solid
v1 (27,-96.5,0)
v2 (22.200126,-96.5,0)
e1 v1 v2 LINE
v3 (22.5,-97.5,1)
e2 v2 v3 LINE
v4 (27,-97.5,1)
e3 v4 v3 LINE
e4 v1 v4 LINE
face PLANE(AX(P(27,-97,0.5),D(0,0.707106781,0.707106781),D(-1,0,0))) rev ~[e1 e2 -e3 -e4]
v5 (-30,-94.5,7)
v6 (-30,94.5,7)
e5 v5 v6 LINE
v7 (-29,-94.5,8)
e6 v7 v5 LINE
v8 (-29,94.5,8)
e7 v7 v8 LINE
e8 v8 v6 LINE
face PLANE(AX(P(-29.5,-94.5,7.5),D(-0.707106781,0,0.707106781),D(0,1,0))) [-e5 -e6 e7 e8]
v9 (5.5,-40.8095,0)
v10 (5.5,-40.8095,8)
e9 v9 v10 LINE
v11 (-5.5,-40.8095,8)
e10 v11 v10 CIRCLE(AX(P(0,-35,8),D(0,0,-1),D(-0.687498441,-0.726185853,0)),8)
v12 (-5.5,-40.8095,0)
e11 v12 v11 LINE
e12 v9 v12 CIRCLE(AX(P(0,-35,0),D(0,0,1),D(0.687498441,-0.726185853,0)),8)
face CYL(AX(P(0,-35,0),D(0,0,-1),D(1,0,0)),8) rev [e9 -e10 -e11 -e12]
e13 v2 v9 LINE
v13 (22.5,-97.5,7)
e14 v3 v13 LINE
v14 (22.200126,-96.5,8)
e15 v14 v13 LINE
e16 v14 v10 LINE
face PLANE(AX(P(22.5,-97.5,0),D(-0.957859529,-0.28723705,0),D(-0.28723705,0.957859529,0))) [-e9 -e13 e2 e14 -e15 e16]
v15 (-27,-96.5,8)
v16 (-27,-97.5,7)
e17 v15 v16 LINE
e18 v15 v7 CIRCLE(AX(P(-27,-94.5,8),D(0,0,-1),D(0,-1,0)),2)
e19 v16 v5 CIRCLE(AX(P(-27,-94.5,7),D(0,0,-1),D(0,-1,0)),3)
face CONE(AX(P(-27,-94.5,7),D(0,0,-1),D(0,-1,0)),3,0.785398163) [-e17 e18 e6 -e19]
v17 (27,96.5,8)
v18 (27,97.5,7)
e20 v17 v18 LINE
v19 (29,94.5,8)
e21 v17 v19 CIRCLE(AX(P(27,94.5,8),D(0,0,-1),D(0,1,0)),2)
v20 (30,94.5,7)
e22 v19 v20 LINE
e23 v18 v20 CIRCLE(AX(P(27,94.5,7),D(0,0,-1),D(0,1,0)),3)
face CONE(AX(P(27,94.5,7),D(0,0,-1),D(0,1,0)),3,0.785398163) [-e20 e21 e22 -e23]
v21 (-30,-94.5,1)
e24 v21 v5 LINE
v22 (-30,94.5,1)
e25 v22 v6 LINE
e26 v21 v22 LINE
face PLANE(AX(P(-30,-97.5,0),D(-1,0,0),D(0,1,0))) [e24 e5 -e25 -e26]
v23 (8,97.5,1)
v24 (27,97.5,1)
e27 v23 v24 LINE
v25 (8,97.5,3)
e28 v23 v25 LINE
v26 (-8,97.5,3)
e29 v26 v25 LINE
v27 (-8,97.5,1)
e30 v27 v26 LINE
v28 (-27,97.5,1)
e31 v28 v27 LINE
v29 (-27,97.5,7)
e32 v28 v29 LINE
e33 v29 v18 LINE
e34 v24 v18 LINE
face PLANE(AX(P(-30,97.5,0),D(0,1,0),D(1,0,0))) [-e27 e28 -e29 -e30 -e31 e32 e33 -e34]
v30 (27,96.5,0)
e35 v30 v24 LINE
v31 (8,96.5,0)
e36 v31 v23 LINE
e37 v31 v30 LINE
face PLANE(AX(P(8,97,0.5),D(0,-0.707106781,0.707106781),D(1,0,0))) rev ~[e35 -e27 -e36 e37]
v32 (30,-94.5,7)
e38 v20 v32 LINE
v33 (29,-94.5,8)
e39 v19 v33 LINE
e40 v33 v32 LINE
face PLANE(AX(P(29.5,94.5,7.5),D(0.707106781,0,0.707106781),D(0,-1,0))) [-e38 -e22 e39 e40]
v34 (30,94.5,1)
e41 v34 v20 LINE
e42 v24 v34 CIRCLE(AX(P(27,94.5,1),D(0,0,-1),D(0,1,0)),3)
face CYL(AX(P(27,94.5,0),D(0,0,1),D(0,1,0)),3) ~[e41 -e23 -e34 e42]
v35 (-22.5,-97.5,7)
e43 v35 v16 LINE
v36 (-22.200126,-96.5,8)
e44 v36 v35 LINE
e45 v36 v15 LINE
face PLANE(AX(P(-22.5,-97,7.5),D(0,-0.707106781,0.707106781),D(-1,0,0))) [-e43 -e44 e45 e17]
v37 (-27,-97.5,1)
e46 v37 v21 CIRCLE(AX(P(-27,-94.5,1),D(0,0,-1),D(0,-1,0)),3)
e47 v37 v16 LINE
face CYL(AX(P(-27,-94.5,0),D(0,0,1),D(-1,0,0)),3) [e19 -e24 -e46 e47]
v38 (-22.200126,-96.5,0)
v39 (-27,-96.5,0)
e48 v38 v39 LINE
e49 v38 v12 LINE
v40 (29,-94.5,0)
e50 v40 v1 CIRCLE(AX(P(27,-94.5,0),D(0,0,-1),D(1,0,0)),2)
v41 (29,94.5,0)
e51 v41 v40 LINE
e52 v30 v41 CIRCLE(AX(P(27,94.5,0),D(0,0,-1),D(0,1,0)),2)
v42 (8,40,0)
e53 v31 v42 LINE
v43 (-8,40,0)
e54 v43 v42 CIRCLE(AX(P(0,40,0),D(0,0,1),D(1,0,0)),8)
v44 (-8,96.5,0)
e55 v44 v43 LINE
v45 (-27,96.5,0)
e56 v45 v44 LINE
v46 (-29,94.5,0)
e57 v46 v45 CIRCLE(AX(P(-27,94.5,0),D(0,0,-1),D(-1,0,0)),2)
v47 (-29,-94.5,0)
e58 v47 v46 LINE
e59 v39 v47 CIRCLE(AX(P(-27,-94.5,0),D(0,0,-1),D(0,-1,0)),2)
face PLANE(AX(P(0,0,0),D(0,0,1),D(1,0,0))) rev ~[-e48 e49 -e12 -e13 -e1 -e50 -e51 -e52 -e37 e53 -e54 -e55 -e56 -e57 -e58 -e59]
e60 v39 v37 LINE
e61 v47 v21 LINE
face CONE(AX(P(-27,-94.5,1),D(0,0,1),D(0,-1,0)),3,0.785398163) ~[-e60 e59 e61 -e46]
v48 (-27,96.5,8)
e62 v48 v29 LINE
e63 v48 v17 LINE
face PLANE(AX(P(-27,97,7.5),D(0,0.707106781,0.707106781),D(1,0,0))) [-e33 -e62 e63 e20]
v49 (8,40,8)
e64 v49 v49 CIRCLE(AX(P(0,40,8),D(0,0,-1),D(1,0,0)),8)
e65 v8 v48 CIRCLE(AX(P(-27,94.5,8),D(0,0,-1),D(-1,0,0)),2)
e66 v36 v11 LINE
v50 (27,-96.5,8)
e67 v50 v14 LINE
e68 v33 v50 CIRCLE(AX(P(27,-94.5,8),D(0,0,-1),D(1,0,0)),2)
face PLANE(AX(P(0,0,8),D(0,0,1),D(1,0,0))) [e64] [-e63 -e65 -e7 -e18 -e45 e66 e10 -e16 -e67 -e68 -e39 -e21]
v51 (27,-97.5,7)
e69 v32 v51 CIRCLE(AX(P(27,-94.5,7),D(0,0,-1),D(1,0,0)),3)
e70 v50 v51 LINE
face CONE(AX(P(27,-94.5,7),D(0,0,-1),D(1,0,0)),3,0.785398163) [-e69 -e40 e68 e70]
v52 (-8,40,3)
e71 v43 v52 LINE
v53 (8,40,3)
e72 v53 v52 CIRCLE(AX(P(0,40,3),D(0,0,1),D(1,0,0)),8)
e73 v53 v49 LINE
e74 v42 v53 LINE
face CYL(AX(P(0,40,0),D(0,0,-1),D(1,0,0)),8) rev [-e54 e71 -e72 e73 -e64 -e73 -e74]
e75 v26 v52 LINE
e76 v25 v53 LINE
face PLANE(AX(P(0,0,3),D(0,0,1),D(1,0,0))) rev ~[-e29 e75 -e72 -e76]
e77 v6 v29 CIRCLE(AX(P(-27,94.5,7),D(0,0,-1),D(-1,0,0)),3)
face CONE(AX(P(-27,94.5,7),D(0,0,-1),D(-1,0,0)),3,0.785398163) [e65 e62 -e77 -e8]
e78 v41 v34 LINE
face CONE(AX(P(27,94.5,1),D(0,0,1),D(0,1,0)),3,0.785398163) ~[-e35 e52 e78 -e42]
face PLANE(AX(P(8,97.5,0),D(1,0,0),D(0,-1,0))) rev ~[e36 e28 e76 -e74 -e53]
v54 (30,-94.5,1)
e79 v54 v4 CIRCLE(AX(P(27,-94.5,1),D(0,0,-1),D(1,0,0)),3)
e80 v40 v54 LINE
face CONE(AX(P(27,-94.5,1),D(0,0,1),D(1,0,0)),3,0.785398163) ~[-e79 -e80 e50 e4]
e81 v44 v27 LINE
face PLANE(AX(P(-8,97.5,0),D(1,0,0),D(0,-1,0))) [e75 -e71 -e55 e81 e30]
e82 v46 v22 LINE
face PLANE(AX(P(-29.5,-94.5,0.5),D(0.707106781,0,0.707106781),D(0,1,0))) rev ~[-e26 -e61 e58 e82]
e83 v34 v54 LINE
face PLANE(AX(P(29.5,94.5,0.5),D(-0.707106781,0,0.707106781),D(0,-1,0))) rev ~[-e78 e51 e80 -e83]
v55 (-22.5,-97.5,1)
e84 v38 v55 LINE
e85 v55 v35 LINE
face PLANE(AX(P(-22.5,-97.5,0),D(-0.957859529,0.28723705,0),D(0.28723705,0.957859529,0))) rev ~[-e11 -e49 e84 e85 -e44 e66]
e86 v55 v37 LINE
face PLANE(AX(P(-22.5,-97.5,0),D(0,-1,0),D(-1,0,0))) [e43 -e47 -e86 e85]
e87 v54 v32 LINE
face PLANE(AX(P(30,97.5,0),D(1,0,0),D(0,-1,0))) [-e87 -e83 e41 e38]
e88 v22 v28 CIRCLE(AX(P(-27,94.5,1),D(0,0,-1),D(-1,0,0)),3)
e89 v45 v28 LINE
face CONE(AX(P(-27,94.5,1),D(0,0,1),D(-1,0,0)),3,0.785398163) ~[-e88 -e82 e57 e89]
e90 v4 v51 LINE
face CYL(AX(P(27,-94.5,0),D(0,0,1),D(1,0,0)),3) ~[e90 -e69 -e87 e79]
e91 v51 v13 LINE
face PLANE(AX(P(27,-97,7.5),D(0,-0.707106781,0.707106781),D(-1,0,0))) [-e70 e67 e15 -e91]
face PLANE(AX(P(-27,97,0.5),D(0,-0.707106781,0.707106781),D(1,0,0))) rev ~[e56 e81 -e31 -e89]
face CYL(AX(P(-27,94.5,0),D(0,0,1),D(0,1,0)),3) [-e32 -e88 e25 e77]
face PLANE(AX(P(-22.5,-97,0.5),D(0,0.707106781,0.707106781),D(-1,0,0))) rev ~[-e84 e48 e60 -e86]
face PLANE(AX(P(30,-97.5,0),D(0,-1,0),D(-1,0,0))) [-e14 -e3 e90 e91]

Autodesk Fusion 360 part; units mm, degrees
sketch "Sketch1" plane through (0, 0, 0) normal (0, 0, 1) x (1, 0, 0) in component "Jewelry Sawing Block"
  line L0 (-30, 97.5) -> (30, 97.5)
  line L1 (30, 97.5) -> (30, -97.5)
  line L2 (30, -97.5) -> (-30, -97.5)
  line L3 (-30, -97.5) -> (-30, 97.5)
  line L4 (-30, 97.5) -> (30, -97.5) construction
  line L5 (30, 97.5) -> (-30, -97.5) construction
  circle A0 centre (0, 40) radius 8
  line L6 (0, 0) -> (0, 40) construction
  line L7 (-8, 97.5) -> (-8, 40)
  line L8 (8, 97.5) -> (8, 40)
  circle A1 centre (0, -35) radius 8
  line L9 (0, 0) -> (0, -35) construction
  line L10 (-22.5, -97.5) -> (-5.5, -40.8095)
  line L11 (22.5, -97.5) -> (5.5, -40.8095)
  dimension "d1" = 195
  dimension "d2" = 60
  dimension "d3" = 16
  dimension "d4" = 40
  dimension "d5" = 16
  dimension "d6" = 35
  dimension "d7" = 7.5
  dimension "d8" = 11
extrude "Extrude1" add sketch "Sketch1" along normal blind 8 contours L0 L1 L2 L3 A0 L7 L8 A1 L10 L11 | L0 A0 L7 L8 in component "Jewelry Sawing Block"
extrude "Extrude2" cut sketch "Sketch1" along normal blind 3 contours L0 A0 L7 L8 in component "Jewelry Sawing Block"
fillet "Fillet1" radius 3 4 edges at (-30, -97.5, 4) (30, -97.5, 4) (30, 97.5, 4) (-30, 97.5, 4) in component "Jewelry Sawing Block"
chamfer "Chamfer1" distance 1 angle 45 19 edges at (30, 0, 0) (29.1213, -96.6213, 0) (24.75, -97.5, 0) (17.5, 97.5, 0) (29.1213, 96.6213, 0) (-30, 0, 0) (-29.1213, 96.6213, 0) (-17.5, 97.5, 0) (-24.75, -97.5, 0) (-29.1213, -96.6213, 0) (30, 0, 8) (29.1213, 96.6213, 8) (0, 97.5, 8) (-29.1213, 96.6213, 8) (-30, 0, 8) (-29.1213, -96.6213, 8) (-24.75, -97.5, 8) (24.75, -97.5, 8) (29.1213, -96.6213, 8) in component "Jewelry Sawing Block"
component "Jewelry Sawing Block" placed x (1, 0, 0) y (0, 1, 0) z (0, 0, 1) at (0, 0, 0)
